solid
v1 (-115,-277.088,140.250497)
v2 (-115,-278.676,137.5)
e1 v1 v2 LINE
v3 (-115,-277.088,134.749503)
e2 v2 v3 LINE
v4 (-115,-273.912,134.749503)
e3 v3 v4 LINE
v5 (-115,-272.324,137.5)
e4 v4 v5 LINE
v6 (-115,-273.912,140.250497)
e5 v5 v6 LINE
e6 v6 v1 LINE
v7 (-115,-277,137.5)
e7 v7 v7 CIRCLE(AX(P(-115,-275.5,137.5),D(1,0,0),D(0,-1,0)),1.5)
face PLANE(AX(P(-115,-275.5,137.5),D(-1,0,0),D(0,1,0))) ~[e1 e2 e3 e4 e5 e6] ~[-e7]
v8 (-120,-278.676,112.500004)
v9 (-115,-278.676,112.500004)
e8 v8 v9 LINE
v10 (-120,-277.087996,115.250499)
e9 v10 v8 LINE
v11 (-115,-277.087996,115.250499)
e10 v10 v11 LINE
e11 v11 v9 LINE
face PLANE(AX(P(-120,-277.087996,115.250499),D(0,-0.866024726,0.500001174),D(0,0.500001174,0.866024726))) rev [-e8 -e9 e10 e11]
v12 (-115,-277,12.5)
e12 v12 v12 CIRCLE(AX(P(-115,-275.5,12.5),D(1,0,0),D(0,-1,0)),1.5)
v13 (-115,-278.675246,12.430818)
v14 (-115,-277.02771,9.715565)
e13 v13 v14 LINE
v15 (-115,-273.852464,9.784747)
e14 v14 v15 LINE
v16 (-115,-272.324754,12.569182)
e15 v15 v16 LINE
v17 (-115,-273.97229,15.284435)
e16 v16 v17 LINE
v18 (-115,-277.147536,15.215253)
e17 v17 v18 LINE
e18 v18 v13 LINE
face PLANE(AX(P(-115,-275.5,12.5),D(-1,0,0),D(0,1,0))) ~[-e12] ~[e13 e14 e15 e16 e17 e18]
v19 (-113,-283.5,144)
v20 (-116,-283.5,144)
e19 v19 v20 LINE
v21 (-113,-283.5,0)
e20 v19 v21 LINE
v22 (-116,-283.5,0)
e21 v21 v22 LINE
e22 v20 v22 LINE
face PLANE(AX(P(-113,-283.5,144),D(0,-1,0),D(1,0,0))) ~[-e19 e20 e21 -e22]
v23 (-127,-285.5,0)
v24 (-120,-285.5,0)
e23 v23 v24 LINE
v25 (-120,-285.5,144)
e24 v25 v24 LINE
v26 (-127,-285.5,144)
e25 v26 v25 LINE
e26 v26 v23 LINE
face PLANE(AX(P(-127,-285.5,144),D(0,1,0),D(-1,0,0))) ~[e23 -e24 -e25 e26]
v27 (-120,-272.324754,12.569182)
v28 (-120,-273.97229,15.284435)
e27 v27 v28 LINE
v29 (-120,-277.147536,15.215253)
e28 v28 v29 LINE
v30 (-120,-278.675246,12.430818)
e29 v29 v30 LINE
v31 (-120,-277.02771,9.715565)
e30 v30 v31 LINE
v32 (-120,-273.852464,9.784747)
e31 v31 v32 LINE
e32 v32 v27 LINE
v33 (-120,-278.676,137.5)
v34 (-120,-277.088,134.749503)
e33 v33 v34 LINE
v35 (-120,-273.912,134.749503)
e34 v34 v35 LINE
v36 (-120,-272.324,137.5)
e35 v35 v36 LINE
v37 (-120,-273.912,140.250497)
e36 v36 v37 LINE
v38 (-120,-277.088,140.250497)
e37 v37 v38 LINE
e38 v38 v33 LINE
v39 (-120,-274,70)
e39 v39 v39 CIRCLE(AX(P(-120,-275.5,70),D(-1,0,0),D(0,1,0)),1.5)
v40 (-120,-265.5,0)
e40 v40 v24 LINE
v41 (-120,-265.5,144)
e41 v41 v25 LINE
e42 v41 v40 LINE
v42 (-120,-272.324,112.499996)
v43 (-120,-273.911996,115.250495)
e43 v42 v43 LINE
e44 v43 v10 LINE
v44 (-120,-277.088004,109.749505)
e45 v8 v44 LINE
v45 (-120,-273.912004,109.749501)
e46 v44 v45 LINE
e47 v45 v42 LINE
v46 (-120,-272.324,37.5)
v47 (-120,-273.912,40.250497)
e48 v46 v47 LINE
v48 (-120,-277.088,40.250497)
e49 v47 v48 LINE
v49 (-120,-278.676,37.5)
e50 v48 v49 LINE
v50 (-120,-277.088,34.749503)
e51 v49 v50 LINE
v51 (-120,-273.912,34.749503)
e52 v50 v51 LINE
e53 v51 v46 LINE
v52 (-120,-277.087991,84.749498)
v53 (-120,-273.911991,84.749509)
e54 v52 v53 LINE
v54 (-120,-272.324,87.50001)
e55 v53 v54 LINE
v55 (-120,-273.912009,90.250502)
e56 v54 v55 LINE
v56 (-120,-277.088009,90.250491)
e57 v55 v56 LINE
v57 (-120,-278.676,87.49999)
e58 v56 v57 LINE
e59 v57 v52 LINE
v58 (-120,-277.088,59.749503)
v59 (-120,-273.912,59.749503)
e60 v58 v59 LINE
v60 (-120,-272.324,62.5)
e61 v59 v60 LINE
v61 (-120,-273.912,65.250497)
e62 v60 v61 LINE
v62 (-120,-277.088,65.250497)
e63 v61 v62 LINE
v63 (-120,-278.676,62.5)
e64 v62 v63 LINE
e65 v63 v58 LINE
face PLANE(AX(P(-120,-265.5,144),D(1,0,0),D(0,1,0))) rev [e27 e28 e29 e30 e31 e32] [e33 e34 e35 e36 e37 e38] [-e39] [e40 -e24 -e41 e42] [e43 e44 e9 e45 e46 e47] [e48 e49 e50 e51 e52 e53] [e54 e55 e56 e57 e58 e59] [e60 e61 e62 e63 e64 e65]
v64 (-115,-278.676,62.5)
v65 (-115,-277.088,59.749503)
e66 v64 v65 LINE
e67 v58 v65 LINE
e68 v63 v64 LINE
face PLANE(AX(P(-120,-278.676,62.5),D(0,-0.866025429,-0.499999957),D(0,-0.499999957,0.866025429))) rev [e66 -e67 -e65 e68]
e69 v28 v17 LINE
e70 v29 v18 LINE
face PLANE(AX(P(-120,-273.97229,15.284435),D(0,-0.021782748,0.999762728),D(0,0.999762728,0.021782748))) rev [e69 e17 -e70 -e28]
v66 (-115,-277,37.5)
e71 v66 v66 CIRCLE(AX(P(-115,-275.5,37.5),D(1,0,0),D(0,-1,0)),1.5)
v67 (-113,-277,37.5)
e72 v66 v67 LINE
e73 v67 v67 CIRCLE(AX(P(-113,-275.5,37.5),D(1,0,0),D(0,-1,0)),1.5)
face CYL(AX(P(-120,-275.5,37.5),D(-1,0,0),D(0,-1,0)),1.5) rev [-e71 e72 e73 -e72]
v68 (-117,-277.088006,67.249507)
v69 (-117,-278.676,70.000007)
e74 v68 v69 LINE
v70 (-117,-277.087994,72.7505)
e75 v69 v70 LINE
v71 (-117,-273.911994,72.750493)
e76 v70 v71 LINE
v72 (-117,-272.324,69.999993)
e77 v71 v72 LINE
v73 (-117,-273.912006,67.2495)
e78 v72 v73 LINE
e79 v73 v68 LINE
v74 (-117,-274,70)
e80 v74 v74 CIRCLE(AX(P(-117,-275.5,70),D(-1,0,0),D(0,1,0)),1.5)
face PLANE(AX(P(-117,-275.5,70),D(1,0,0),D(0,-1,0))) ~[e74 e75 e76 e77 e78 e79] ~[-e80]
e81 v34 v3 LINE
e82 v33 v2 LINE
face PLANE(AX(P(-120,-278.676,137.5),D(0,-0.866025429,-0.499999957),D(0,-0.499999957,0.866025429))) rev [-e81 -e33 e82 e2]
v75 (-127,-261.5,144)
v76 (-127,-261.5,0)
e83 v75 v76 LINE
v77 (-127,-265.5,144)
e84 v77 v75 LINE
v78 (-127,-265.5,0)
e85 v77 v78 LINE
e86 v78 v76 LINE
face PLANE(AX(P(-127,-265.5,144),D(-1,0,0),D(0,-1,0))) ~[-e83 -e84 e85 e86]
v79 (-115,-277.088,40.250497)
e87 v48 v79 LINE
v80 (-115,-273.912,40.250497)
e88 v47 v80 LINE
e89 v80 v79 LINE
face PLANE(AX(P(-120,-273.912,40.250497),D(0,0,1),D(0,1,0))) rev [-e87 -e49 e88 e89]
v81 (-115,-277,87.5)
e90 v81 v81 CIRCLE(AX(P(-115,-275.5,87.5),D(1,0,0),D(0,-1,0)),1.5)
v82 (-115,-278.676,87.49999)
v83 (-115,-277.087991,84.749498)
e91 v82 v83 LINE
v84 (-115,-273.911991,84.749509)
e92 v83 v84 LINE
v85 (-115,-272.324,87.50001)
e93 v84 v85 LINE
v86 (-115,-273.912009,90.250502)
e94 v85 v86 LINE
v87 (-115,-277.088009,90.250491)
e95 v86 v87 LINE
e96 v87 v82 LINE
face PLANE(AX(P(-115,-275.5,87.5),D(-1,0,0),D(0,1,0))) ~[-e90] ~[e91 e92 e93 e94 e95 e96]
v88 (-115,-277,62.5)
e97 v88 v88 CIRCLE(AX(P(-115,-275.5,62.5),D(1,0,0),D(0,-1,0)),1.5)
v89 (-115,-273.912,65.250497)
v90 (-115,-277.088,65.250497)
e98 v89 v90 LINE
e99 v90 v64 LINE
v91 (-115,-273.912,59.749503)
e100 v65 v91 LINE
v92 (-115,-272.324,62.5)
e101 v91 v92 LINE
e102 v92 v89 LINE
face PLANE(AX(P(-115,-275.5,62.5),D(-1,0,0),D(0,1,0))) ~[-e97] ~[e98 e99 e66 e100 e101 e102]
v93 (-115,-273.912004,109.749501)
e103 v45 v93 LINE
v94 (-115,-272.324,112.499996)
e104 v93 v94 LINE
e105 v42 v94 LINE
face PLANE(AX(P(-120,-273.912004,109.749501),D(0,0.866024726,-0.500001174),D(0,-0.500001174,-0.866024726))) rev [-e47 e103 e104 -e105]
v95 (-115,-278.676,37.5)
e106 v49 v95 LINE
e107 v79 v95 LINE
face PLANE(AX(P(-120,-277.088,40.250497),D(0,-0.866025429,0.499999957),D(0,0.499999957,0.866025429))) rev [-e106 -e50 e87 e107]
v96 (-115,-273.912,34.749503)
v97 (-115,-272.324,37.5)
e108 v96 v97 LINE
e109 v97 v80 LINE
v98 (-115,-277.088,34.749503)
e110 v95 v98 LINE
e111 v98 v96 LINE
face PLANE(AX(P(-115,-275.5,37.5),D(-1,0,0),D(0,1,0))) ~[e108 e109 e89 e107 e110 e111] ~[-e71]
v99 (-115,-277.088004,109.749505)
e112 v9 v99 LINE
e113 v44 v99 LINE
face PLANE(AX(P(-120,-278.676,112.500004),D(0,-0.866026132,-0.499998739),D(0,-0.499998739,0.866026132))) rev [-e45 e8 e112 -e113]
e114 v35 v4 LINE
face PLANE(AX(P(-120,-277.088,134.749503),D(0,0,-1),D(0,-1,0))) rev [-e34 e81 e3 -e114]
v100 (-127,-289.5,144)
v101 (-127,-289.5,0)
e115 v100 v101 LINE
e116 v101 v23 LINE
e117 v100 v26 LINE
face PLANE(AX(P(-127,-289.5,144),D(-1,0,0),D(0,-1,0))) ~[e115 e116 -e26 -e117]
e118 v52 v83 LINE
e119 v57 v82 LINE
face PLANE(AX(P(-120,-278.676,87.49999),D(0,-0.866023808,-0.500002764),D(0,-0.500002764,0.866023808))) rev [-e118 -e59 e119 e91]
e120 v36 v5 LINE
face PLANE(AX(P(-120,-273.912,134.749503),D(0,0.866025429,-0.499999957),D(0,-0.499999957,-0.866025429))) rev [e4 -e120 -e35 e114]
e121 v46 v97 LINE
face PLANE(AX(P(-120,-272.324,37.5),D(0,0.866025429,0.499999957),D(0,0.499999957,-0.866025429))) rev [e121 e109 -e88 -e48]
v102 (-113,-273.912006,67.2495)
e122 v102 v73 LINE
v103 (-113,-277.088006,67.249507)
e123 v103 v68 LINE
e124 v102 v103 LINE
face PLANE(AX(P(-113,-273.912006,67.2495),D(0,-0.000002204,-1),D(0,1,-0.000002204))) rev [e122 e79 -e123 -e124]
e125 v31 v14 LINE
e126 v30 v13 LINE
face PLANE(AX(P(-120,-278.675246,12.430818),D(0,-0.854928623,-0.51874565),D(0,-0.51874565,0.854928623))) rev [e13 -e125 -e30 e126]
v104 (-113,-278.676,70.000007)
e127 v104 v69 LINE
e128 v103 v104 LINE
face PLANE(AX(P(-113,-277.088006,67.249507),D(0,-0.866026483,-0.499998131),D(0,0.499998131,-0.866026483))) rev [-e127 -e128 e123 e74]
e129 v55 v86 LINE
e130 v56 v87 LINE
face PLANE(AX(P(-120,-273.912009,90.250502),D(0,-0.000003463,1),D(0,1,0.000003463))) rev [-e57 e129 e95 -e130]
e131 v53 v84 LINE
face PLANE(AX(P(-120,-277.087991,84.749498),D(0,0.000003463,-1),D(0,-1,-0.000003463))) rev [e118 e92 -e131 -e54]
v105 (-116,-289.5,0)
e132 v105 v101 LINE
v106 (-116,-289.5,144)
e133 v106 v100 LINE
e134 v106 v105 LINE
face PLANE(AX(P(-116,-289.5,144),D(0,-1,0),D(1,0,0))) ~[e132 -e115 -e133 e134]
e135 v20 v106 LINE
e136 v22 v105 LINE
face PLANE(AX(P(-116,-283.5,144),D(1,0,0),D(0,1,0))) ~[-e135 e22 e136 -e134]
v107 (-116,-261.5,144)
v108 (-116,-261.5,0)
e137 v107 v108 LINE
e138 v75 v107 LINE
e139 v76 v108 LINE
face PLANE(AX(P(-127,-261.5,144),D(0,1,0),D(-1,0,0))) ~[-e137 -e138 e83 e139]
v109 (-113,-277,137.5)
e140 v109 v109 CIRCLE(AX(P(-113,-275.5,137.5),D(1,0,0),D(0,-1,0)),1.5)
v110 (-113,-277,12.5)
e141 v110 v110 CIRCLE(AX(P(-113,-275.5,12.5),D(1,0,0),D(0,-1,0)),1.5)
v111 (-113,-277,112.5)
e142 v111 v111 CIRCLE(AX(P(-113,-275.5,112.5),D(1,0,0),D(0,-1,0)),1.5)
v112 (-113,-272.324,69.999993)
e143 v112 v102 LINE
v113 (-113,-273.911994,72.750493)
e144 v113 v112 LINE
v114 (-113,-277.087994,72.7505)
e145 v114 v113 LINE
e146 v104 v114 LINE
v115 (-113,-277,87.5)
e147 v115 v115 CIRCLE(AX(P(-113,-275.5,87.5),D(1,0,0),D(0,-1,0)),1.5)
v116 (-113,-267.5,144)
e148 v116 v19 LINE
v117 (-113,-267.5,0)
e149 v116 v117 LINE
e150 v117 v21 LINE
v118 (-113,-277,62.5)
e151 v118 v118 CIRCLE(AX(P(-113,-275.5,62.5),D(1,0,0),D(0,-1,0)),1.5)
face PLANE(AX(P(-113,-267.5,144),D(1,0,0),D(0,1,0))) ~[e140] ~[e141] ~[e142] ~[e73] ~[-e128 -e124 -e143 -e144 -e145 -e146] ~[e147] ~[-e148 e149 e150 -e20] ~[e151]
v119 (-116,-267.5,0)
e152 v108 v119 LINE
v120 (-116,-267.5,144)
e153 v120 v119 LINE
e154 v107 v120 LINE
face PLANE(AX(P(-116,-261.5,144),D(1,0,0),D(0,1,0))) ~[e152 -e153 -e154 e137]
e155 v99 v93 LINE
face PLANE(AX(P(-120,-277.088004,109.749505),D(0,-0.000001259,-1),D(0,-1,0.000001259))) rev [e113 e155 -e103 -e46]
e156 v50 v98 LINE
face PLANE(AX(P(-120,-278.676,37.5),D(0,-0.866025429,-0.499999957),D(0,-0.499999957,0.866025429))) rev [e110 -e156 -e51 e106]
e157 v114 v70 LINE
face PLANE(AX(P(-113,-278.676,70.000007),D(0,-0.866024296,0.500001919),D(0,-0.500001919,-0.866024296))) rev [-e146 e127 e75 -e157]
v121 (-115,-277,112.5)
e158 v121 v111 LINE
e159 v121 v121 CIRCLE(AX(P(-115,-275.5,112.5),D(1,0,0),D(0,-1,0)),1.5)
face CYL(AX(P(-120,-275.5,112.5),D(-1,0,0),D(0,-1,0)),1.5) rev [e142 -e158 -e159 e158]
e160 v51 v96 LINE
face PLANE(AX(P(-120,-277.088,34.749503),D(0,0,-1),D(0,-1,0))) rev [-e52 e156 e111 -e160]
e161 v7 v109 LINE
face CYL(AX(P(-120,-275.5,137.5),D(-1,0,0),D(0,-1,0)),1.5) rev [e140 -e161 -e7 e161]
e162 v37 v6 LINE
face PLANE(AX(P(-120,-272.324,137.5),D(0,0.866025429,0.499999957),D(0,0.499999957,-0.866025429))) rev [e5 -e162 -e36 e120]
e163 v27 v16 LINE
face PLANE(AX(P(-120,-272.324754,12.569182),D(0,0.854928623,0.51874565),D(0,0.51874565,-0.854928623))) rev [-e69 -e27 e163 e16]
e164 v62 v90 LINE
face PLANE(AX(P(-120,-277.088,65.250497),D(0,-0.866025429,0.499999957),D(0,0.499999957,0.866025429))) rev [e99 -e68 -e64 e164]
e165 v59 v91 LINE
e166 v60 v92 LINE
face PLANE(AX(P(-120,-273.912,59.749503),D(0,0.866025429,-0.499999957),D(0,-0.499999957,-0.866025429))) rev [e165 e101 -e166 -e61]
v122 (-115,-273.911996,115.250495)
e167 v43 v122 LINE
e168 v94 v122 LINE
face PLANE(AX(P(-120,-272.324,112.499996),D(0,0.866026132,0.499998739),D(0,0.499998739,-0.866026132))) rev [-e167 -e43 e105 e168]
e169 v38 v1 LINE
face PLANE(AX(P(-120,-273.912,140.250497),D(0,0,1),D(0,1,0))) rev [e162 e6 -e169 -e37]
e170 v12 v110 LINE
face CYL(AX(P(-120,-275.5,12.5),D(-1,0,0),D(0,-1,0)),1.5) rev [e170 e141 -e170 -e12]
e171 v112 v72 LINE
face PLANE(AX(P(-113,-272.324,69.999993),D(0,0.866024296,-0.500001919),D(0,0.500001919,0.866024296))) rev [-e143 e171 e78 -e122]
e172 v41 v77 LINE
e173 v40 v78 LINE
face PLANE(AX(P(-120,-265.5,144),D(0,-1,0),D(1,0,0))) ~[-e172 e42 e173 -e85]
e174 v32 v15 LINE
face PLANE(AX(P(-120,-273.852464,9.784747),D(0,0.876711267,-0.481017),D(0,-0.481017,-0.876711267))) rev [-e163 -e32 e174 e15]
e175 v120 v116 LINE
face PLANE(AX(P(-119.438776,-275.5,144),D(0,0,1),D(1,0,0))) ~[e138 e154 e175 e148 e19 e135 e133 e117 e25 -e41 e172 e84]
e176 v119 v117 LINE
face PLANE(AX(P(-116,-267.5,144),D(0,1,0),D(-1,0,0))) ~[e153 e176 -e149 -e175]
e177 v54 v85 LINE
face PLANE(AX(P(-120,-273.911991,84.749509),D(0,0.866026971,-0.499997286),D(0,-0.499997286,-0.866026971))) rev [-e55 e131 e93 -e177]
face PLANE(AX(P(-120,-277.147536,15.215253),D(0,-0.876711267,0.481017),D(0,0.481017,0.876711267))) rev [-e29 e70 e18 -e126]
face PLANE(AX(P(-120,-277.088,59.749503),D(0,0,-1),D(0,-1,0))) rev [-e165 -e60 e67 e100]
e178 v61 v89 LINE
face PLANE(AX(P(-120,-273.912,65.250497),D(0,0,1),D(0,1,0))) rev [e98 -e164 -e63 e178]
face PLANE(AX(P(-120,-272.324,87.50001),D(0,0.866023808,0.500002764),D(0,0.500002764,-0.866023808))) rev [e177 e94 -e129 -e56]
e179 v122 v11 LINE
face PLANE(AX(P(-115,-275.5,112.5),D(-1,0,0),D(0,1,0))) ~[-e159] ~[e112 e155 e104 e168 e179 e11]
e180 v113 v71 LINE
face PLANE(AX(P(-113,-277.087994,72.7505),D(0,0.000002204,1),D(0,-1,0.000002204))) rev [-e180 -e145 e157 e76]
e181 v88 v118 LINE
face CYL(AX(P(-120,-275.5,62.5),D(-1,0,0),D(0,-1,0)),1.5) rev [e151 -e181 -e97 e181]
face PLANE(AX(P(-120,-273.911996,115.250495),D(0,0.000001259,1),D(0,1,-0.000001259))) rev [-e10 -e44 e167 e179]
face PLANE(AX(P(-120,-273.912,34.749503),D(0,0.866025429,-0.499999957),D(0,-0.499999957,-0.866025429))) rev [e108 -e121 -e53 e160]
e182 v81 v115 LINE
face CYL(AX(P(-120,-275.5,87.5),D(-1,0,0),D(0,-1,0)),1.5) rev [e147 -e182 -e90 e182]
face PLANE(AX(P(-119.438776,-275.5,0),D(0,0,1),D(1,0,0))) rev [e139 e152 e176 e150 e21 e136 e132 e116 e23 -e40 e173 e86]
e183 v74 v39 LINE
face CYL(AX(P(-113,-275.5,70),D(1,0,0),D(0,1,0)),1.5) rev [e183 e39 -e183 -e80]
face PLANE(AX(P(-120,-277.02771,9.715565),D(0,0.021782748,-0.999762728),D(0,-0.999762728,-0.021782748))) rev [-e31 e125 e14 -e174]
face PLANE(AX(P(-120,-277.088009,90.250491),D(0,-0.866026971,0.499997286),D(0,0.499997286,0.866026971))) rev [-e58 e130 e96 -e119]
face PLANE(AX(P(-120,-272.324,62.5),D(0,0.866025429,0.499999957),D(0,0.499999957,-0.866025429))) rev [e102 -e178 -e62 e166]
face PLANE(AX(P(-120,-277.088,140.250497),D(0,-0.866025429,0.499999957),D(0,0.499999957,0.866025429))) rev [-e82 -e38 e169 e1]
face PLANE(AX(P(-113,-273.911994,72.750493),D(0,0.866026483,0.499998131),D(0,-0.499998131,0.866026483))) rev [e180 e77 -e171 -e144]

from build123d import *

# Parameters (mm, degrees)
PAD034_DEPTH            = 144
SKETCH063_R             = 1.5
POCKET027_DEPTH         = 7
POCKET028_DEPTH         = 4
SKETCH067_R             = 1.5
POCKET031_DEPTH         = 7
POCKET032_DEPTH         = 5
BODY019_ROLL_ANGLE      = 90
BODY019_PLACEMENT_ANGLE = 180


with BuildPart() as rightlow:
    # Sketch062 → Pad034 (new body)
    with BuildSketch(Plane.XZ):
        Polygon((0, 0), (0, 10), (-7, 10), (-7, 14), (4, 14), (4, 8), (7, 8), (7, -8), (4, -8), (4, -14), (-7, -14), (-7, -10), (0, -10), align=None)
    extrude(amount=PAD034_DEPTH)

    # Sketch063 (on Face6 of Pad034) → Pocket027 (cut)
    with BuildSketch(Plane(origin=(7, 0, 0), x_dir=(0, 0, 1), z_dir=(1, 0, 0))):
        with Locations((0, 74)):
            Circle(SKETCH063_R)
    extrude(amount=-POCKET027_DEPTH, mode=Mode.SUBTRACT)

    # Sketch064 (on Face11 of Pocket027) → Pocket028 (cut)
    with BuildSketch(Plane(origin=(7, 0, 0), x_dir=(0, 0, 1), z_dir=(1, 0, 0))):
        Polygon((3.176, 74.000007), (1.587994, 76.7505), (-1.588006, 76.750493), (-3.176, 73.999993), (-1.587994, 71.2495), (1.588006, 71.249507), align=None)
    extrude(amount=-POCKET028_DEPTH, mode=Mode.SUBTRACT)

    # Sketch067 (on Face2 of Pocket028) → Pocket031 (cut)
    with BuildSketch(Plane(origin=(0, 0, 0), x_dir=(0, 0, -1), z_dir=(-1, 0, 0))):
        with Locations((0, 131.5)):
            Circle(SKETCH067_R)
        with Locations((0, 106.5)):
            Circle(SKETCH067_R)
        with Locations((0, 56.5)):
            Circle(SKETCH067_R)
        with Locations((0, 31.5)):
            Circle(SKETCH067_R)
        with Locations((0, 6.5)):
            Circle(SKETCH067_R)
        with Locations((0, 81.5)):
            Circle(SKETCH067_R)
    extrude(amount=-POCKET031_DEPTH, mode=Mode.SUBTRACT)

    # Sketch068 → Pocket032 (cut)
    with BuildSketch(Plane(origin=(0, 0, 0), x_dir=(0, 0, -1), z_dir=(-1, 0, 0))):
        Polygon((3.175246, 131.569182), (1.52771, 134.284435), (-1.647536, 134.215253), (-3.175246, 131.430818), (-1.52771, 128.715565), (1.647536, 128.784747), align=None)
        Polygon((3.176, 106.5), (1.588, 109.250497), (-1.588, 109.250497), (-3.176, 106.5), (-1.588, 103.749503), (1.588, 103.749503), align=None)
        Polygon((3.176, 56.50001), (1.587991, 59.250502), (-1.588009, 59.250491), (-3.176, 56.49999), (-1.587991, 53.749498), (1.588009, 53.749509), align=None)
        Polygon((3.176, 31.499996), (1.588004, 34.250495), (-1.587996, 34.250499), (-3.176, 31.500004), (-1.588004, 28.749505), (1.587996, 28.749501), align=None)
        Polygon((3.176, 81.5), (1.588, 84.250497), (-1.588, 84.250497), (-3.176, 81.5), (-1.588, 78.749503), (1.588, 78.749503), align=None)
        Polygon((3.176, 6.5), (1.588, 9.250497), (-1.588, 9.250497), (-3.176, 6.5), (-1.588, 3.749503), (1.588, 3.749503), align=None)
    extrude(amount=-POCKET032_DEPTH, mode=Mode.SUBTRACT)


with BuildPart() as rightlow_1:
    # Body019 roll: moved
    add(rightlow.part.rotate(Axis((0, 0, 0), (1, 0, 0)), BODY019_ROLL_ANGLE))


with BuildPart() as rightlow_2:
    # Body019 placement: moved
    add(rightlow_1.part.moved(Location((120, -275.5, 144))).rotate(Axis((120, -275.5, 144), (0, 0, 1)), BODY019_PLACEMENT_ANGLE))


with BuildPart() as leftlow:
    # Part__Mirroring008: instance of RightLow
    add(rightlow_2.part.mirror(Plane(origin=(0, 0, 0), x_dir=(0, -1, 0), z_dir=(1, 0, 0))))


solid = leftlow.part
